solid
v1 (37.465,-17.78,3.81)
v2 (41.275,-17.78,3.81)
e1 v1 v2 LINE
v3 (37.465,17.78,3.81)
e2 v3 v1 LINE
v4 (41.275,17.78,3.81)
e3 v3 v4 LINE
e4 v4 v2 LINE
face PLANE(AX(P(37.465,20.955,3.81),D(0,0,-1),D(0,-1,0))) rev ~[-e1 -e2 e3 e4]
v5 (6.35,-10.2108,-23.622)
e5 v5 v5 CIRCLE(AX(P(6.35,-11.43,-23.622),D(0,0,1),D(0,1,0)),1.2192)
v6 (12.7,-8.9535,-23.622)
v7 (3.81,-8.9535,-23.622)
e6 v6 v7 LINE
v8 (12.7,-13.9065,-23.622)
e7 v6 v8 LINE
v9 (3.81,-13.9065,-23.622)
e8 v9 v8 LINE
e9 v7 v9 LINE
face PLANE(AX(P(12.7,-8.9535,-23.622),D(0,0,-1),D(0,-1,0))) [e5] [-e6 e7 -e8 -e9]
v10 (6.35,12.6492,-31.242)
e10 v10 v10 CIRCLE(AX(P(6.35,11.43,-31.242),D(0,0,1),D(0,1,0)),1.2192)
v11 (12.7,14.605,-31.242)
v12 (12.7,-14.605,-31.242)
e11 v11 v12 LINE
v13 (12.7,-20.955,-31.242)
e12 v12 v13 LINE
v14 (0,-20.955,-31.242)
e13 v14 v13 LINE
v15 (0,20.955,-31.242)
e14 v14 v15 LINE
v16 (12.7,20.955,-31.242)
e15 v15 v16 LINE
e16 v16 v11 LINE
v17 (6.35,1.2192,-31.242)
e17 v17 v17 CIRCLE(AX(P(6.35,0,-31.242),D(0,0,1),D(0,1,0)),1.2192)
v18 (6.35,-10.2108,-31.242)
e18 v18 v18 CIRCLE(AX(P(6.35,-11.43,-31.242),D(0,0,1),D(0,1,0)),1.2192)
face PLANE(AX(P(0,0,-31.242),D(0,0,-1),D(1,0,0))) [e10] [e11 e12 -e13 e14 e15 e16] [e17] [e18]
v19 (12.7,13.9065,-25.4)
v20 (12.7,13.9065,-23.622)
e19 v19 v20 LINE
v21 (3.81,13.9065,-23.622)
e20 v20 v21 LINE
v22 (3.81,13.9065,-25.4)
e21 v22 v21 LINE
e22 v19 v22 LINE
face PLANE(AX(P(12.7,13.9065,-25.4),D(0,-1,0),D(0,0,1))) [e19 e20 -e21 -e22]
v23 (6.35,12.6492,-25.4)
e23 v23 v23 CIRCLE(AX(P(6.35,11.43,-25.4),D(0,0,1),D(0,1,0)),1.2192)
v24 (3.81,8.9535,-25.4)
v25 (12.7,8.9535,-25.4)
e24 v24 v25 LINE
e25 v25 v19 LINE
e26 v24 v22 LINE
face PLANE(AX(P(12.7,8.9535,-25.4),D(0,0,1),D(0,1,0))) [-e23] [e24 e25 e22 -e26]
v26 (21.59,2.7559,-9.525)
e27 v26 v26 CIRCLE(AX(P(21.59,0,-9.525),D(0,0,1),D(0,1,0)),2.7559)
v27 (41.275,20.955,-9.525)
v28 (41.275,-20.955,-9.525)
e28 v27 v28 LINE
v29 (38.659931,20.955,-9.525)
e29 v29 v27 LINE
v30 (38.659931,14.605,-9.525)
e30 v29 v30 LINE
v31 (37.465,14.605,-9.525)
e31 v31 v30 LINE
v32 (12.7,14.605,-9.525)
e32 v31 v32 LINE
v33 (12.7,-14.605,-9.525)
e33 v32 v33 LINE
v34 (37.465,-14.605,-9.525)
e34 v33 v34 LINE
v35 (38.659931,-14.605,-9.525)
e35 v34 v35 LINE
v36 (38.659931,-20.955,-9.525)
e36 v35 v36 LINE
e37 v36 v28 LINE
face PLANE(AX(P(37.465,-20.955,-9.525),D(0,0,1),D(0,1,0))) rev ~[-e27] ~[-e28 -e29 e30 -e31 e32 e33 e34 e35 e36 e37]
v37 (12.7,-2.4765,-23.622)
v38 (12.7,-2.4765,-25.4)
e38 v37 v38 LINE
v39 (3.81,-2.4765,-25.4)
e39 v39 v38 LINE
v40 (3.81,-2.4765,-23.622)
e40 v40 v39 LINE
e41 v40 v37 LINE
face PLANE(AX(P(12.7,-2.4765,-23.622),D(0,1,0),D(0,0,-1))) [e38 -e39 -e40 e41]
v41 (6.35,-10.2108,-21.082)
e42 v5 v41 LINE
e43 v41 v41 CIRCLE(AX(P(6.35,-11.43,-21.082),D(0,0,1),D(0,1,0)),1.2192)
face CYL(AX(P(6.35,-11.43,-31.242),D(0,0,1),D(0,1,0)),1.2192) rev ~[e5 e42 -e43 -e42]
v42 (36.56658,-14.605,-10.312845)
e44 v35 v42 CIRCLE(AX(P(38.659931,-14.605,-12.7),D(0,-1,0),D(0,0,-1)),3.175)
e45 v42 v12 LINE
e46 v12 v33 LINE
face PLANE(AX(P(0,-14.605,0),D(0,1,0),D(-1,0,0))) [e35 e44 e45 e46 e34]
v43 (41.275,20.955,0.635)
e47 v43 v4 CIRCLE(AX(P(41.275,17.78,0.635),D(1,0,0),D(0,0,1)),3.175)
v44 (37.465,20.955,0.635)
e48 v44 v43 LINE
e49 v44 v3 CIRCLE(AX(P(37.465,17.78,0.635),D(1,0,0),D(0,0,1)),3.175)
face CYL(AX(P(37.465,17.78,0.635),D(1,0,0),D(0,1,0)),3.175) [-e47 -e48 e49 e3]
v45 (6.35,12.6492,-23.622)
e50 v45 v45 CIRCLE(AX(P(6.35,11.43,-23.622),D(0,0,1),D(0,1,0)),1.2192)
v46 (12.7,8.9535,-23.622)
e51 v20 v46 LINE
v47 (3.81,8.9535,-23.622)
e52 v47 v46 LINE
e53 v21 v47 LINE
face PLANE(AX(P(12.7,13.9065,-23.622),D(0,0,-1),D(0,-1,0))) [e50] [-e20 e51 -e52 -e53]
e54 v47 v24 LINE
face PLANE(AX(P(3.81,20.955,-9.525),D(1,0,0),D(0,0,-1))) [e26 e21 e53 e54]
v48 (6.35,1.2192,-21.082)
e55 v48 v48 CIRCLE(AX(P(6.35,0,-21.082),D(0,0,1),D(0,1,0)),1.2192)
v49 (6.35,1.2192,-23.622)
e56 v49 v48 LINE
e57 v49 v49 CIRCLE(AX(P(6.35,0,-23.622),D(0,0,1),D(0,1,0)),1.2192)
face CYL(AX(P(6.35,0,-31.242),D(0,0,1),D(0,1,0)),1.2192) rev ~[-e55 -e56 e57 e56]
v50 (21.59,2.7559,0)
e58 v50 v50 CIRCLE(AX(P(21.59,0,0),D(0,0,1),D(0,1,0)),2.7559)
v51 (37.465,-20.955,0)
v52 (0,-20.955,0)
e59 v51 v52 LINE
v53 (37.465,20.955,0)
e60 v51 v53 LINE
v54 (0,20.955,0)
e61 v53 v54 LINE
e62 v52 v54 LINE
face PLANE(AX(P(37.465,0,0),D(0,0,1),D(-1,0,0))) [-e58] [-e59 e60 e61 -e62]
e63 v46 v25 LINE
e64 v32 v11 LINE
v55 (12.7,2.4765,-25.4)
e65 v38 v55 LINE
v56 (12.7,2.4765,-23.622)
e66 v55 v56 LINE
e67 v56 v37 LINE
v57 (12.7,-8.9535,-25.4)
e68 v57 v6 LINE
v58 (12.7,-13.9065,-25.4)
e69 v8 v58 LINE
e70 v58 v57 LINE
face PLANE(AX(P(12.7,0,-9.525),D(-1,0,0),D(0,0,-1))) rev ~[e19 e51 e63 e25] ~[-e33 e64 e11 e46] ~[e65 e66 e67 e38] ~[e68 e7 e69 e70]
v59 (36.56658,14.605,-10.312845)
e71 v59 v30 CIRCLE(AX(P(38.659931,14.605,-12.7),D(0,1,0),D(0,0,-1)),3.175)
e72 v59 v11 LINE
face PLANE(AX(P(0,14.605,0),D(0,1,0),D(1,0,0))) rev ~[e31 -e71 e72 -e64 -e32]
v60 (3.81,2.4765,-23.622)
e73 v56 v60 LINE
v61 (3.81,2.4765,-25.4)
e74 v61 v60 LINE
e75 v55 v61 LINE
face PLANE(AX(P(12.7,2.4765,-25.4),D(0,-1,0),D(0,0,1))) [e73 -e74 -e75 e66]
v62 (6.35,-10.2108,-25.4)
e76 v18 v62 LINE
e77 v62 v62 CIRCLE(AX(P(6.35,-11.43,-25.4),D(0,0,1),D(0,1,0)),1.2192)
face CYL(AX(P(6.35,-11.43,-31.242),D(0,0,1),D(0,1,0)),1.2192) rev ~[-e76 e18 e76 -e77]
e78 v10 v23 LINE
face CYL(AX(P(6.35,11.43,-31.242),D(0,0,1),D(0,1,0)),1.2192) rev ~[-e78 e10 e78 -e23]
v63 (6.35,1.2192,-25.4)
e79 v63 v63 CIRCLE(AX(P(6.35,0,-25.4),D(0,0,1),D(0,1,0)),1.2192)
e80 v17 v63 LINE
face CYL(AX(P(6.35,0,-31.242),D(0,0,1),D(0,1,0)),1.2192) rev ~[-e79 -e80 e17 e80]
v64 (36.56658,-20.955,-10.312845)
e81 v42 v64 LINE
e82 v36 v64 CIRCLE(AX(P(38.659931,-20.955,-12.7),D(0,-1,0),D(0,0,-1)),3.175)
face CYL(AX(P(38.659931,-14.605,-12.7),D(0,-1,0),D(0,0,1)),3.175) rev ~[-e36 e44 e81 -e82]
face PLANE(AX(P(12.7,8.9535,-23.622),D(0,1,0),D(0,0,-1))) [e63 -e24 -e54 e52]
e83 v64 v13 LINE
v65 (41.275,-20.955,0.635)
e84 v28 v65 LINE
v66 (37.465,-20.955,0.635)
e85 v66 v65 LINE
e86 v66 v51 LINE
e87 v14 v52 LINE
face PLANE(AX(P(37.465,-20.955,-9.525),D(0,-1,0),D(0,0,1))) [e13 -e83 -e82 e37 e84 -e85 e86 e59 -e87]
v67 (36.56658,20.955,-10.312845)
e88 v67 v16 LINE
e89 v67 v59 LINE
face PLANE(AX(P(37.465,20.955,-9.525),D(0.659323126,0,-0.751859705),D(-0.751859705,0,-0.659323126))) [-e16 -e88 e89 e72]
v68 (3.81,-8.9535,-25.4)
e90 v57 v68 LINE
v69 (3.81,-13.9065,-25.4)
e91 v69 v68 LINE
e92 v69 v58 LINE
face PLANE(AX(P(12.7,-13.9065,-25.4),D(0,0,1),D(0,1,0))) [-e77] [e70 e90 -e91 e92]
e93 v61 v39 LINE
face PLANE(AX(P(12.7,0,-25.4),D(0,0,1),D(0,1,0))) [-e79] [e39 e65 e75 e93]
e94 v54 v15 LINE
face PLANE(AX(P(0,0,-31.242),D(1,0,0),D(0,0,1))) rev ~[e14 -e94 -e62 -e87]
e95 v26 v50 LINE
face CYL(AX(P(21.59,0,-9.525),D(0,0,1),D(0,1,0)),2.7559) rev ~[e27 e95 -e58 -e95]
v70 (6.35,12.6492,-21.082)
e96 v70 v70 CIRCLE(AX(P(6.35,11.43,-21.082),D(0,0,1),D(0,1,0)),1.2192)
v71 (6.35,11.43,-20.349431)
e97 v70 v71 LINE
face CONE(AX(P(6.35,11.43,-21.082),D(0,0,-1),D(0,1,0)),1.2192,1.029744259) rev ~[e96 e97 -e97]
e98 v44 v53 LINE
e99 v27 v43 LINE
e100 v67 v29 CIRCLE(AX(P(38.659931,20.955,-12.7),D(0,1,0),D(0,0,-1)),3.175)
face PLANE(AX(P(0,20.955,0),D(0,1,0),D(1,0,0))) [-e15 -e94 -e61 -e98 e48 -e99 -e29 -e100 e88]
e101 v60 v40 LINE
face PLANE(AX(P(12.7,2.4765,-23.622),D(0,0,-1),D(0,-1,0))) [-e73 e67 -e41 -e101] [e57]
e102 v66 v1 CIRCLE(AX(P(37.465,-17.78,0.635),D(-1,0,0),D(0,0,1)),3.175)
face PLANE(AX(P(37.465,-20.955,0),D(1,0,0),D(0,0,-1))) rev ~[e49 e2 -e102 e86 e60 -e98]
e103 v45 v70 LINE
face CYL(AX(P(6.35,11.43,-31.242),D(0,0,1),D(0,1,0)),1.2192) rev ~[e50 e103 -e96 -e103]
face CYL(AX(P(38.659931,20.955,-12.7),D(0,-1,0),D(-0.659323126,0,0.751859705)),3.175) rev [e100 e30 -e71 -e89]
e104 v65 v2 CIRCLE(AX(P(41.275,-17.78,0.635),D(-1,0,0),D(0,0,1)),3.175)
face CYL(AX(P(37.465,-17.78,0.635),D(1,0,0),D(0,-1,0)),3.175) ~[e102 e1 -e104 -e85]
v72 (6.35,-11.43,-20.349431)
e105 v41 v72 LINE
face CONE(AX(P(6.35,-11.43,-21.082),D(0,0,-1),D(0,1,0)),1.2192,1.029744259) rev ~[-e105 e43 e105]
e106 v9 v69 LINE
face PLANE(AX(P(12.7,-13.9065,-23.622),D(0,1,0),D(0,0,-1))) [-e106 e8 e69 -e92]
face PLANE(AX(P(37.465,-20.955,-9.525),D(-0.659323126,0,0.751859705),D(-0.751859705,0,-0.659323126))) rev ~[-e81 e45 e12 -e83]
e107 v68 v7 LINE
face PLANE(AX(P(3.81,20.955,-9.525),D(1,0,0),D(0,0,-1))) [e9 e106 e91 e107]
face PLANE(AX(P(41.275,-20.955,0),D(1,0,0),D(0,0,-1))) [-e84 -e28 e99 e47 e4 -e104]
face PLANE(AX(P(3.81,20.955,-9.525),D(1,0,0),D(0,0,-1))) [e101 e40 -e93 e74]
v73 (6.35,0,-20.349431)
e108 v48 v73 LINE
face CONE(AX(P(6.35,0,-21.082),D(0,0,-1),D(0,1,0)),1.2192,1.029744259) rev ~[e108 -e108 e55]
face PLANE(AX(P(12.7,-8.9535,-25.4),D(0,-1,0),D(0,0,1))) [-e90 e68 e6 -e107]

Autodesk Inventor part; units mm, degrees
ref_plane "YZ Plane" through (0, 0, 0) normal (1, 0, 0) x (0, 1, 0)
ref_plane "XZ Plane" through (0, 0, 0) normal (0, 1, 0) x (-1, 0, 0)
ref_plane "XY Plane" through (0, 0, 0) normal (0, 0, 1) x (1, 0, 0)
sketch "Sketch1" plane through (0, 0, 0) normal (0, 1, 0) x (-1, 0, 0)
  line L0 (0, -37.4904) -> (0, 6.2484) projected
  line L1 (-44.958, 0) -> (7.493, 0) projected
  line L2 (0, 0) -> (-37.465, 0)
  line L3 (-37.465, 0) -> (-37.465, -9.525)
  line L4 (-37.465, -9.525) -> (0, -9.525)
  line L5 (0, -9.525) -> (0, 0)
  line L6 (0, -9.525) -> (-12.7, -9.525)
  line L7 (-12.7, -9.525) -> (-12.7, -31.242)
  line L8 (0, -31.242) -> (0, -9.525)
  line L9 (0, -31.242) -> (-12.7, -31.242)
  dimension "d10" = 9.525
  dimension "d36" = 31.242
  dimension "d37" = 12.7
  dimension "d38" = 37.465
extrude "Extrusion3" add sketch "Sketch1" along normal mid plane 41.91
sketch "Sketch2" plane through (37.465, 20.955, -9.525) normal (0, 0, -1) x (-1, 0, 0)
  line L0 (24.765, -41.91) -> (24.765, 0) projected
  line L1 (0, 0) -> (24.765, 0) projected
  line L2 (0, -41.91) -> (0, 0) projected
  line L3 (24.765, -41.91) -> (0, -41.91) projected
  line L4 (-7.493, -20.955) -> (44.958, -20.955) projected
  line L5 (37.465, -41.91) -> (37.465, 0) projected
  point P0 (37.465, -20.955)
  point P1 (15.875, -20.955)
  dimension "d56" = 0
  dimension "d57" = 21.59
hole "Hole1" at (21.59, 0, -9.525) direction (0, 0, 1) diameter 5.5118 end through all clearance for "Socket Head Cap Screw" size "M5" standard "Ansi Metric M Profile"
sketch "Sketch3" plane through (0, -20.955, 0) normal (0, 1, 0) x (-1, 0, 0)
  line L0 (-12.7, -31.242) -> (-12.7, -9.525) projected
  line L1 (-12.7, -9.525) -> (-37.465, -9.525) projected
  line L2 (-37.465, -9.525) -> (-12.7, -31.242)
  line L3 (-12.7, -31.242) -> (-12.7, -9.525)
  line L4 (-37.465, -9.525) -> (-12.7, -9.525)
  point P0 (0, 0)
extrude "Extrusion4" add sketch "Sketch3" along normal blind 6.35
sketch "Sketch4" plane through (12.7, 20.955, -31.242) normal (0, 0, -1) x (-1, 0, 0)
  line L0 (12.7, -50.292) -> (12.7, 8.382) projected
  line L1 (-32.258, -20.955) -> (20.193, -20.955) projected
  line L2 (0, -35.56) -> (0, 0) projected
  point P0 (12.7, -20.955)
  point P1 (6.35, -9.525)
  point P2 (6.35, -32.385)
  point P3 (6.35, -20.955)
  dimension "d39" = 11.43
  dimension "d40" = 11.43
  dimension "d41" = 6.35
  dimension "d63" = 12.7
hole "Hole2" at (6.35, 11.43, -31.242) at (6.35, -11.43, -31.242) at (6.35, 0, -31.242) direction (0, 0, 1) diameter 2.4384 depth 10.16 tip angle 118 clearance for "Flat Head Machine Screw (100)" size "#2" standard "Ansi Unified Screw Threads"
sketch "Sketch5" plane through (12.7, 20.955, -9.525) normal (1, 0, 0) x (0, 0, -1)
  line L0 (-15.7734, -20.955) -> (27.9654, -20.955) projected
  line L1 (-9.525, -50.292) -> (-9.525, 8.382) projected
  line L2 (14.097, -12.0015) -> (15.875, -12.0015)
  line L3 (15.875, -12.0015) -> (15.875, -7.0485)
  line L4 (15.875, -7.0485) -> (14.097, -7.0485)
  line L5 (14.097, -7.0485) -> (14.097, -12.0015)
  line L6 (14.097, -12.0015) -> (15.875, -7.0485) construction
  line L7 (15.875, -12.0015) -> (14.097, -7.0485) construction
  line L8 (14.097, -23.4315) -> (15.875, -23.4315)
  line L9 (15.875, -23.4315) -> (15.875, -18.4785)
  line L10 (15.875, -18.4785) -> (14.097, -18.4785)
  line L11 (14.097, -18.4785) -> (14.097, -23.4315)
  line L12 (14.097, -23.4315) -> (15.875, -18.4785) construction
  line L13 (15.875, -23.4315) -> (14.097, -18.4785) construction
  line L14 (14.097, -34.8615) -> (15.875, -34.8615)
  line L15 (15.875, -34.8615) -> (15.875, -29.9085)
  line L16 (15.875, -29.9085) -> (14.097, -29.9085)
  line L17 (14.097, -29.9085) -> (14.097, -34.8615)
  line L18 (14.097, -34.8615) -> (15.875, -29.9085) construction
  line L19 (15.875, -34.8615) -> (14.097, -29.9085) construction
  line L20 (21.717, -35.56) -> (21.717, 0) projected
  point P0 (-9.525, -20.955)
  point P1 (14.986, -9.525)
  point P2 (14.986, -20.955)
  point P3 (14.986, -32.385)
  point P4 (14.986, -9.525)
  point P5 (14.986, -32.385)
  dimension "d49" = 4.953
  dimension "d50" = 1.778
  dimension "d51" = 11.43
  dimension "d58" = 7.62
  dimension "d59" = 11.43
extrude "Extrusion5" cut sketch "Sketch5" along normal blind 10.16 and the other way blind 8.89
sketch "Sketch6" plane through (0, 20.955, 0) normal (0, 1, 0) x (1, 0, 0)
  line L0 (12.7, 9.525) -> (12.7, 31.242) projected
  line L1 (37.465, 9.525) -> (12.7, 9.525) projected
  line L2 (37.465, 9.525) -> (12.7, 31.242) projected
  point P0 (0, 0)
extrude "Extrusion6" add sketch "Sketch6" against normal blind 6.35
sketch "Sketch7" plane through (0, 20.955, 0) normal (0, 1, 0) x (1, 0, 0)
  line L0 (0, 0) -> (37.465, 0) projected
  line L1 (37.465, 0) -> (37.465, 9.525) projected
  line L2 (25.7746, 0) -> (37.5697, -3.1605)
  line L3 (37.5697, -3.1605) -> (37.465, 0)
  line L4 (25.7746, 0) -> (37.465, 0)
  dimension "d64" = 11.684
  dimension "d65" = 15
extrude "Extrusion7" [suppressed]
sketch "Sketch8" plane through (37.465, -20.955, 0) normal (1, 0, 0) x (0, 0, -1)
  line L0 (9.525, 0) -> (9.525, 6.35) projected
  line L1 (9.525, 6.35) -> (9.525, 35.56) projected
  line L2 (9.525, 35.56) -> (9.525, 41.91) projected
  line L3 (0, 41.91) -> (9.525, 41.91) projected
  line L4 (0, 0) -> (0, 41.91) projected
  line L5 (9.525, 0) -> (0, 0) projected
  line L6 (9.525, 41.91) -> (-3.81, 41.91)
  line L7 (-3.81, 41.91) -> (-3.81, 0)
  line L8 (-3.81, 0) -> (9.525, 0)
  line L9 (9.525, 0) -> (9.525, 41.91)
  point P0 (0, 20.955)
  dimension "d68" = 0
  dimension "d69" = 3.81
extrude "Extrusion8" add sketch "Sketch8" along normal blind 3.81
fillet "Fillet2" radius 3.175 4 edges at (37.465, 17.78, -9.525) (37.465, -17.78, -9.525) (39.37, 20.955, 3.81) (39.37, -20.955, 3.81)
equation "\"d40\" = d39"
equation "\"d41\" = 0.5 * d63"
properties material "ABS, BLACK"
